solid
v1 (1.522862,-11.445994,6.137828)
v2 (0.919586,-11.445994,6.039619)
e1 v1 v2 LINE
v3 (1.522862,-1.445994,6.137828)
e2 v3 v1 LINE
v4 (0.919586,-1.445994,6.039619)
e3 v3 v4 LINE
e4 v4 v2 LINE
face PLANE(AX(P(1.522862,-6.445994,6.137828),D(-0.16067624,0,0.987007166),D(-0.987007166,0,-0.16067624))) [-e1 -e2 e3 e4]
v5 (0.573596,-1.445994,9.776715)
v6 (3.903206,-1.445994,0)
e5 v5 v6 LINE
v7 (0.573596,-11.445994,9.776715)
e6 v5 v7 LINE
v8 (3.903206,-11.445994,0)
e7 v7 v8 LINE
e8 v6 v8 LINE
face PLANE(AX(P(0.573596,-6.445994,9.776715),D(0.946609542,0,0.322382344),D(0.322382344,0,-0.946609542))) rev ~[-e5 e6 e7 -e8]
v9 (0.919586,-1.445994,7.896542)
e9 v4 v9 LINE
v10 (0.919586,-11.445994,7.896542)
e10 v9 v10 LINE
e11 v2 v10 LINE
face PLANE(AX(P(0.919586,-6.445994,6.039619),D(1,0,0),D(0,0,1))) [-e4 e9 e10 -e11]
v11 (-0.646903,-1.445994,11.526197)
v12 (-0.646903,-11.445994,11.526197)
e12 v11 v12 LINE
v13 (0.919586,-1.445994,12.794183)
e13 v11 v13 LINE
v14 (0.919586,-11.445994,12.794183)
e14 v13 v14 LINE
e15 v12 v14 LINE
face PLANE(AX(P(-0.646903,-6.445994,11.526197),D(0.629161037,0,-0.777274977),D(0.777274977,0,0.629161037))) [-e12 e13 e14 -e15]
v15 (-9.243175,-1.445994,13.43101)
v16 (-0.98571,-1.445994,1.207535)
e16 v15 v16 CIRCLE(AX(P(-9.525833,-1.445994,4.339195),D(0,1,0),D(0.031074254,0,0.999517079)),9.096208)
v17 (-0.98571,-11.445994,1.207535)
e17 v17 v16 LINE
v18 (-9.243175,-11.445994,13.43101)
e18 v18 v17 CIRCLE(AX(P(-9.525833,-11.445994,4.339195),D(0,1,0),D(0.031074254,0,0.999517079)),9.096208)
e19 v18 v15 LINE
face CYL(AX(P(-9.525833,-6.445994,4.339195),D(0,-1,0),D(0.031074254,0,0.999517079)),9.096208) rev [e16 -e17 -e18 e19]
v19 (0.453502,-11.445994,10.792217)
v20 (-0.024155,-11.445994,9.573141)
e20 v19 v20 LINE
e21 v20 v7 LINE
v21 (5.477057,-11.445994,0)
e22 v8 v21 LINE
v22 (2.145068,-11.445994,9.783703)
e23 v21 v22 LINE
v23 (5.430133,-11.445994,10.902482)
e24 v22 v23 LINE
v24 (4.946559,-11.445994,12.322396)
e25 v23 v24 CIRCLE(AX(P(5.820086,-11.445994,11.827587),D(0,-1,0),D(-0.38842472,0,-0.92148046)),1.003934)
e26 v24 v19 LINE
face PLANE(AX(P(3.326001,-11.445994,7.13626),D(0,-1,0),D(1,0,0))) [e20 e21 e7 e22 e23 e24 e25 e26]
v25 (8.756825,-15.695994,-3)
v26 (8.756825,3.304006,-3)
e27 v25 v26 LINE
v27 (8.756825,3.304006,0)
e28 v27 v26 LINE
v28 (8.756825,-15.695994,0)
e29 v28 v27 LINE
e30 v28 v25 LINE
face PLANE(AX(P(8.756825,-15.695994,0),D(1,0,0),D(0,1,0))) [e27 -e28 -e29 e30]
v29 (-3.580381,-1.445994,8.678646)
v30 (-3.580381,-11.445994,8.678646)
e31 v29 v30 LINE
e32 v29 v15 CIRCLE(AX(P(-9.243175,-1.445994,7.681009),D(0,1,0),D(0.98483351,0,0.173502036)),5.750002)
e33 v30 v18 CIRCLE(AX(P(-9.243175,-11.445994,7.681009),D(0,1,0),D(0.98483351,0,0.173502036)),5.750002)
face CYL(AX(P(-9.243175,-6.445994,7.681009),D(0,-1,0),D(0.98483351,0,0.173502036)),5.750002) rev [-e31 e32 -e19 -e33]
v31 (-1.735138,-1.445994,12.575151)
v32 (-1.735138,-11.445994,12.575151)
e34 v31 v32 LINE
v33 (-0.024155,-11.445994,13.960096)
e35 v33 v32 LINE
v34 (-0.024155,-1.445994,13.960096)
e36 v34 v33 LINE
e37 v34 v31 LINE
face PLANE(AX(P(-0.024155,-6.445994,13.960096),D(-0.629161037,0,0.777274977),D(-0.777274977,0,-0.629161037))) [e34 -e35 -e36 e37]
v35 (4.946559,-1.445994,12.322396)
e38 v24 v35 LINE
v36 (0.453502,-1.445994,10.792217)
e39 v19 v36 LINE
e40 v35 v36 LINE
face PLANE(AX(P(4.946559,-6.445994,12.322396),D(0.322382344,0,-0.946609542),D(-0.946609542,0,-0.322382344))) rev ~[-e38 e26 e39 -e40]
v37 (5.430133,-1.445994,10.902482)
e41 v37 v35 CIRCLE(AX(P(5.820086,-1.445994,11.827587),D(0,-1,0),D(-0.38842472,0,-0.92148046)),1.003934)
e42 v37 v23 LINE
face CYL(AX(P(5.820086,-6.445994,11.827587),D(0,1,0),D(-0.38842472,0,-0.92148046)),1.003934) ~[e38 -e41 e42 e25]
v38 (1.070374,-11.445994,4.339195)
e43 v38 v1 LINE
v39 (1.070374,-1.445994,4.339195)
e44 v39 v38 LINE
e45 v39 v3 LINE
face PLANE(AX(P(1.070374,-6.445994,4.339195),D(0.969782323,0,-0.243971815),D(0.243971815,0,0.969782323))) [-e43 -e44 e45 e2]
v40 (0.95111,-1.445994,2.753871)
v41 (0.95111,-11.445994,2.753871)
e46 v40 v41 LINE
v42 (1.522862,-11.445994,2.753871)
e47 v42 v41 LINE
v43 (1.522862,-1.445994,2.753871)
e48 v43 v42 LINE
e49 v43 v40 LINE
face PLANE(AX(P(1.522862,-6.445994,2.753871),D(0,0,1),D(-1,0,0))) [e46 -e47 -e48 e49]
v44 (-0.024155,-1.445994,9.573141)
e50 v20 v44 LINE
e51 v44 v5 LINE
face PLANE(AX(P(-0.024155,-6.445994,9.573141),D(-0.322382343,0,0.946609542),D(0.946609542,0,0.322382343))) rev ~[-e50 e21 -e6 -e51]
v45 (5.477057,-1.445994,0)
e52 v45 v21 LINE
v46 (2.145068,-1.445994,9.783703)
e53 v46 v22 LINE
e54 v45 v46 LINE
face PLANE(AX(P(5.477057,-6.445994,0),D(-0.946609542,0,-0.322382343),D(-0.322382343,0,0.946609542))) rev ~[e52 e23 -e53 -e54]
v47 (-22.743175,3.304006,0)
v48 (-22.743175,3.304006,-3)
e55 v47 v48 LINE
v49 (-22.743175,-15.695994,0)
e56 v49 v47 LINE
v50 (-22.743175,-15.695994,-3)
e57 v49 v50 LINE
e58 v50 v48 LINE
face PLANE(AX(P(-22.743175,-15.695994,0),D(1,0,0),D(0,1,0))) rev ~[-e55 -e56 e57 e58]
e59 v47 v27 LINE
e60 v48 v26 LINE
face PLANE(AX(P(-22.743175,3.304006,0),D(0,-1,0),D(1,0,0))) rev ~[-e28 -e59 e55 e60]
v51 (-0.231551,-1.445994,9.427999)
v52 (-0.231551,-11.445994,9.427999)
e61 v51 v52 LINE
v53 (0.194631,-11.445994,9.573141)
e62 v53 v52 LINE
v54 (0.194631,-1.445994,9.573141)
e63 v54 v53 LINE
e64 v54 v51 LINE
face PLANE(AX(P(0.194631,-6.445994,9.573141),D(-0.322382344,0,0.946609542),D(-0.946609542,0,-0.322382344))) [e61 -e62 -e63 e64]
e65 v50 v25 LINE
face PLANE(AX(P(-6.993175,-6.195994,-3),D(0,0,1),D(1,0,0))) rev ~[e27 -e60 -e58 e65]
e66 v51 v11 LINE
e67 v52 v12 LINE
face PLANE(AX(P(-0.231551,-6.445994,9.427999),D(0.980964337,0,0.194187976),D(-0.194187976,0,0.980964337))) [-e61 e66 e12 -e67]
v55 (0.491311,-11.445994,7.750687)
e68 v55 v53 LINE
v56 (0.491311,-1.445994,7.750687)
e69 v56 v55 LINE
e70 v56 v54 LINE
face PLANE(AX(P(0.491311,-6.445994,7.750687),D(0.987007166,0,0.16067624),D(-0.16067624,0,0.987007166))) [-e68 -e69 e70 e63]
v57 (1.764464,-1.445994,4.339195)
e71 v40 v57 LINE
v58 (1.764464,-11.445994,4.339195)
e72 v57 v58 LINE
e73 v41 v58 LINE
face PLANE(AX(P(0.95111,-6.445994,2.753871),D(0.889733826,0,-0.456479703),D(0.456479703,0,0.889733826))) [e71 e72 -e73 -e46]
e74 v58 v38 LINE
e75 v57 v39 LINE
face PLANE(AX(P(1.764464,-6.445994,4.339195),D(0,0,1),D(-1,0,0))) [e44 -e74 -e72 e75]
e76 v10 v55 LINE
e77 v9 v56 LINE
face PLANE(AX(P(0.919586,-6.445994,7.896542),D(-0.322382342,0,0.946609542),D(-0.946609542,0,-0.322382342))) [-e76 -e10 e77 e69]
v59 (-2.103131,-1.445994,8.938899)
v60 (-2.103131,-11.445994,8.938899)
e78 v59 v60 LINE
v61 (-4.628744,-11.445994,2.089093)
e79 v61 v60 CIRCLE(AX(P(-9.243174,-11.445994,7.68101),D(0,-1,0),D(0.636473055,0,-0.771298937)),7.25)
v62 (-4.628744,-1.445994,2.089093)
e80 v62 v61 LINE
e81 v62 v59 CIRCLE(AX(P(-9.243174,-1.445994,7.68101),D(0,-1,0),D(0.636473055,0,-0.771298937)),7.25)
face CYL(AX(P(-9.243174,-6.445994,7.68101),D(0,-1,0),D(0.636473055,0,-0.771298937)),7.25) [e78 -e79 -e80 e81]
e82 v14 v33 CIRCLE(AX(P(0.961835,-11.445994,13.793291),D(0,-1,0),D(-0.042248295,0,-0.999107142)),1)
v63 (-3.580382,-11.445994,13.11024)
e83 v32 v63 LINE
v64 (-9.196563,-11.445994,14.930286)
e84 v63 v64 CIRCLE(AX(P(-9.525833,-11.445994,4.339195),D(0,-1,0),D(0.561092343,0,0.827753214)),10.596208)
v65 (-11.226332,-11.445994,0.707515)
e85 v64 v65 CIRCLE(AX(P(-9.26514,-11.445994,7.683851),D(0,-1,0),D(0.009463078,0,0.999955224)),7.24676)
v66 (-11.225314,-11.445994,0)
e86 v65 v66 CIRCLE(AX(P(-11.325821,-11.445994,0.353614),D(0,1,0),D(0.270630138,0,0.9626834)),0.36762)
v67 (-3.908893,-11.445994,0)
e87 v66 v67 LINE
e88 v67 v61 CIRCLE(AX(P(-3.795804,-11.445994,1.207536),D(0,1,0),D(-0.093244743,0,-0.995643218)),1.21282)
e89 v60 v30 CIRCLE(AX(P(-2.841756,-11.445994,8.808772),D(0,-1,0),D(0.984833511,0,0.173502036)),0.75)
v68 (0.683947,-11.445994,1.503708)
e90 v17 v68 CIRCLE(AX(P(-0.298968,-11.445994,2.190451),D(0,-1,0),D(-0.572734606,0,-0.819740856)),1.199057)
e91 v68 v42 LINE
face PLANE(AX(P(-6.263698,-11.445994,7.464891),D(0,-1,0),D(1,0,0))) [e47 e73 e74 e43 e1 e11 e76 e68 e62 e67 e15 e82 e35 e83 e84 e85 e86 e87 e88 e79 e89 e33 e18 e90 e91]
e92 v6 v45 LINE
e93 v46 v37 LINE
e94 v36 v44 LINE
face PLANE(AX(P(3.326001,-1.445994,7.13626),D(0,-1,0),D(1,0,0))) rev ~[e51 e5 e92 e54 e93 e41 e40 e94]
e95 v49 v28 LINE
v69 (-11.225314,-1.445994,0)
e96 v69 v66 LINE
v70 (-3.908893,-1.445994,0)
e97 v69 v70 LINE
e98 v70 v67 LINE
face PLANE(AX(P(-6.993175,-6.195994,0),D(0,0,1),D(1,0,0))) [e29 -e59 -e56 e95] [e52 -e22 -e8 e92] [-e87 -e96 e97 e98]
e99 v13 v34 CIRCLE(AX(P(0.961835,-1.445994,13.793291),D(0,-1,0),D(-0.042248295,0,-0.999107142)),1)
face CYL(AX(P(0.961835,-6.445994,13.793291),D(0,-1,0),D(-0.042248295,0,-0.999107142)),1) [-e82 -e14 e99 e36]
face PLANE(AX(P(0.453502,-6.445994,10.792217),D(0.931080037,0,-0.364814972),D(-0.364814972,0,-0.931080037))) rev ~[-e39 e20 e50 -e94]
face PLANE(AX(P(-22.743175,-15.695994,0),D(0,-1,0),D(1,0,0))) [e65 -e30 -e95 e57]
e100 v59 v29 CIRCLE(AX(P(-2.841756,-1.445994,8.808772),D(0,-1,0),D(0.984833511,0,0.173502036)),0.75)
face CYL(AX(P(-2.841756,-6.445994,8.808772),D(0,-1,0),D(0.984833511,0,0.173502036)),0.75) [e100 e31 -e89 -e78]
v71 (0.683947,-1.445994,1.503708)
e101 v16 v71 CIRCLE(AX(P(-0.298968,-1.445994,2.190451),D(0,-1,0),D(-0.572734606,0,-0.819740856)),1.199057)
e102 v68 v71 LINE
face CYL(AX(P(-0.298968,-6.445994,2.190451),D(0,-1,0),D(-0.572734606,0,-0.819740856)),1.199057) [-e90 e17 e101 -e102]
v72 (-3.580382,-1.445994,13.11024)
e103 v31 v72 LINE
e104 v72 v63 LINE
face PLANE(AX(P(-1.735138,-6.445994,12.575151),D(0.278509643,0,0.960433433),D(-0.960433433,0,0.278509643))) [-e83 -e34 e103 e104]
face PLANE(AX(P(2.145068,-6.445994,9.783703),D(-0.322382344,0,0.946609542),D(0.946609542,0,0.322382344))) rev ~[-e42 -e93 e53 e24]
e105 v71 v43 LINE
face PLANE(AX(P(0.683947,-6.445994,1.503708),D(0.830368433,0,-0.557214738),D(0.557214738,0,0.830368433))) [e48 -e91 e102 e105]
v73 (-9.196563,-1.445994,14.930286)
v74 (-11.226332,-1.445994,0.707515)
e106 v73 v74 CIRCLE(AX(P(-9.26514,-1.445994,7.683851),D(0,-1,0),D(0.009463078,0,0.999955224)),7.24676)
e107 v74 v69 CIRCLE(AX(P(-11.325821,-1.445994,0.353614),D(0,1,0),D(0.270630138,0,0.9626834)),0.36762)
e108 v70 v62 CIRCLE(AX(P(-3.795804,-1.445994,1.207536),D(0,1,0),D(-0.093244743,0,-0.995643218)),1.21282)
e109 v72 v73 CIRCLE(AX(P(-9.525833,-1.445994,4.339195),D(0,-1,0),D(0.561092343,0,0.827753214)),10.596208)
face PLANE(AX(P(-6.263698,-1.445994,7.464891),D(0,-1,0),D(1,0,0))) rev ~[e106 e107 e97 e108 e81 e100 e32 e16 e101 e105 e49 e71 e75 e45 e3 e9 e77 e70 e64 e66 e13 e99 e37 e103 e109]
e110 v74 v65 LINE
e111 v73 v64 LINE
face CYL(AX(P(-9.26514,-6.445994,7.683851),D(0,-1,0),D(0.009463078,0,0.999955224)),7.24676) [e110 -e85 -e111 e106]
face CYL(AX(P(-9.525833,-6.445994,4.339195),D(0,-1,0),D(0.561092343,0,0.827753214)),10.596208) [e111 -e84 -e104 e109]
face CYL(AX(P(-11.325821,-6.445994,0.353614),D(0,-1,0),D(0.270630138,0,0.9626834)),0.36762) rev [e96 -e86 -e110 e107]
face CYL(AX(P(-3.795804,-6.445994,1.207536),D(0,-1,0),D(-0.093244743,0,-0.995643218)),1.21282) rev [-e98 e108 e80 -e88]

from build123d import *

# Parameters (mm, degrees)
ESQUISSE1_W      = 31.5
ESQUISSE1_H      = 19
EXTRUSION1_DEPTH = 3
EXTRUSION2_DEPTH = 5


with BuildPart() as part:
    # Esquisse1 → Extrusion1 (new body)
    with BuildSketch(Plane.XY):
        with Locations((-6.993175074, -6.195994065)):
            Rectangle(ESQUISSE1_W, ESQUISSE1_H)
    extrude(amount=-EXTRUSION1_DEPTH)

    # Esquisse2 → Extrusion2 (add, symmetric)
    with BuildSketch(Plane(origin=(0, -6.445994065, 0), x_dir=(-1, 0, 0), z_dir=(0, 1, 0))):
        with BuildLine():
            Line((-0.683946914, 1.503708235), (-1.522862282, 2.753870501))
            Line((-1.522862282, 2.753870501), (-0.951110198, 2.753870501))
            Line((-0.951110198, 2.753870501), (-1.764464322, 4.339195483))
            Line((-1.764464322, 4.339195483), (-1.070373593, 4.339195483))
            Line((-1.070373593, 4.339195483), (-1.522862282, 6.137827556))
            Line((-1.522862282, 6.137827556), (-0.919586302, 6.039619438))
            Line((-0.919586302, 6.039619438), (-0.919586302, 7.896542483))
            Line((-0.919586302, 7.896542483), (-0.491311221, 7.750686861))
            Line((-0.491311221, 7.750686861), (-0.194631359, 9.573141446))
            Line((-0.194631359, 9.573141446), (0.23155106, 9.427998511))
            Line((0.23155106, 9.427998511), (0.646902561, 11.526197473))
            Line((0.646902561, 11.526197473), (-0.919586302, 12.794183433))
            ThreePointArc((-0.919586302, 12.794183433), (-1.739109574, 14.422451612), (0.024155253, 13.960095898))
            Line((0.024155253, 13.960095898), (1.735137514, 12.575150538))
            Line((1.735137514, 12.575150538), (3.580381554, 13.110240468))
            ThreePointArc((3.580381554, 13.110240468), (6.259156873, 14.419297059), (9.196563315, 14.930286061))
            ThreePointArc((9.196563315, 14.930286061), (16.439211341, 8.707680897), (11.226331582, 0.70751527))
            ThreePointArc((11.226331582, 0.70751527), (10.958201165, 0.354142581), (11.225313893, 0))
            Line((11.225313893, 0), (3.908893256, 0))
            ThreePointArc((3.908893256, 0), (4.942460115, 0.812425826), (4.628744056, 2.089092739))
            ThreePointArc((4.628744056, 2.089092739), (2.440830828, 5.172896926), (2.103130606, 8.938898932))
            ThreePointArc((2.103130606, 8.938898932), (2.971882266, 9.547397538), (3.580380872, 8.678645878))
            ThreePointArc((3.580380872, 8.678645878), (12.939531774, 3.276526542), (9.243174696, 13.431010442))
            ThreePointArc((9.243174696, 13.431010442), (1.988346124, 9.431080483), (0.985709709, 1.207535171))
            ThreePointArc((0.985709709, 1.207535171), (0.089542016, 1.009824881), (-0.683946914, 1.503708235))
        make_face()
        with BuildLine():
            Line((0.024155253, 9.573141446), (-0.573596034, 9.77671478))
            Line((-0.573596034, 9.77671478), (-3.903205639, 0))
            Line((-3.903205639, 0), (-5.477057205, 0))
            Line((-5.477057205, 0), (-2.145067788, 9.78370261))
            Line((-2.145067788, 9.78370261), (-5.43013268, 10.902481655))
            ThreePointArc((-5.43013268, 10.902481655), (-6.770419213, 12.151238044), (-4.946559165, 12.322395968))
            Line((-4.946559165, 12.322395968), (-0.453501716, 10.7922166))
            Line((-0.453501716, 10.7922166), (0.024155253, 9.573141446))
        make_face()
    extrude(amount=EXTRUSION2_DEPTH, both=True)


solid = part.part
